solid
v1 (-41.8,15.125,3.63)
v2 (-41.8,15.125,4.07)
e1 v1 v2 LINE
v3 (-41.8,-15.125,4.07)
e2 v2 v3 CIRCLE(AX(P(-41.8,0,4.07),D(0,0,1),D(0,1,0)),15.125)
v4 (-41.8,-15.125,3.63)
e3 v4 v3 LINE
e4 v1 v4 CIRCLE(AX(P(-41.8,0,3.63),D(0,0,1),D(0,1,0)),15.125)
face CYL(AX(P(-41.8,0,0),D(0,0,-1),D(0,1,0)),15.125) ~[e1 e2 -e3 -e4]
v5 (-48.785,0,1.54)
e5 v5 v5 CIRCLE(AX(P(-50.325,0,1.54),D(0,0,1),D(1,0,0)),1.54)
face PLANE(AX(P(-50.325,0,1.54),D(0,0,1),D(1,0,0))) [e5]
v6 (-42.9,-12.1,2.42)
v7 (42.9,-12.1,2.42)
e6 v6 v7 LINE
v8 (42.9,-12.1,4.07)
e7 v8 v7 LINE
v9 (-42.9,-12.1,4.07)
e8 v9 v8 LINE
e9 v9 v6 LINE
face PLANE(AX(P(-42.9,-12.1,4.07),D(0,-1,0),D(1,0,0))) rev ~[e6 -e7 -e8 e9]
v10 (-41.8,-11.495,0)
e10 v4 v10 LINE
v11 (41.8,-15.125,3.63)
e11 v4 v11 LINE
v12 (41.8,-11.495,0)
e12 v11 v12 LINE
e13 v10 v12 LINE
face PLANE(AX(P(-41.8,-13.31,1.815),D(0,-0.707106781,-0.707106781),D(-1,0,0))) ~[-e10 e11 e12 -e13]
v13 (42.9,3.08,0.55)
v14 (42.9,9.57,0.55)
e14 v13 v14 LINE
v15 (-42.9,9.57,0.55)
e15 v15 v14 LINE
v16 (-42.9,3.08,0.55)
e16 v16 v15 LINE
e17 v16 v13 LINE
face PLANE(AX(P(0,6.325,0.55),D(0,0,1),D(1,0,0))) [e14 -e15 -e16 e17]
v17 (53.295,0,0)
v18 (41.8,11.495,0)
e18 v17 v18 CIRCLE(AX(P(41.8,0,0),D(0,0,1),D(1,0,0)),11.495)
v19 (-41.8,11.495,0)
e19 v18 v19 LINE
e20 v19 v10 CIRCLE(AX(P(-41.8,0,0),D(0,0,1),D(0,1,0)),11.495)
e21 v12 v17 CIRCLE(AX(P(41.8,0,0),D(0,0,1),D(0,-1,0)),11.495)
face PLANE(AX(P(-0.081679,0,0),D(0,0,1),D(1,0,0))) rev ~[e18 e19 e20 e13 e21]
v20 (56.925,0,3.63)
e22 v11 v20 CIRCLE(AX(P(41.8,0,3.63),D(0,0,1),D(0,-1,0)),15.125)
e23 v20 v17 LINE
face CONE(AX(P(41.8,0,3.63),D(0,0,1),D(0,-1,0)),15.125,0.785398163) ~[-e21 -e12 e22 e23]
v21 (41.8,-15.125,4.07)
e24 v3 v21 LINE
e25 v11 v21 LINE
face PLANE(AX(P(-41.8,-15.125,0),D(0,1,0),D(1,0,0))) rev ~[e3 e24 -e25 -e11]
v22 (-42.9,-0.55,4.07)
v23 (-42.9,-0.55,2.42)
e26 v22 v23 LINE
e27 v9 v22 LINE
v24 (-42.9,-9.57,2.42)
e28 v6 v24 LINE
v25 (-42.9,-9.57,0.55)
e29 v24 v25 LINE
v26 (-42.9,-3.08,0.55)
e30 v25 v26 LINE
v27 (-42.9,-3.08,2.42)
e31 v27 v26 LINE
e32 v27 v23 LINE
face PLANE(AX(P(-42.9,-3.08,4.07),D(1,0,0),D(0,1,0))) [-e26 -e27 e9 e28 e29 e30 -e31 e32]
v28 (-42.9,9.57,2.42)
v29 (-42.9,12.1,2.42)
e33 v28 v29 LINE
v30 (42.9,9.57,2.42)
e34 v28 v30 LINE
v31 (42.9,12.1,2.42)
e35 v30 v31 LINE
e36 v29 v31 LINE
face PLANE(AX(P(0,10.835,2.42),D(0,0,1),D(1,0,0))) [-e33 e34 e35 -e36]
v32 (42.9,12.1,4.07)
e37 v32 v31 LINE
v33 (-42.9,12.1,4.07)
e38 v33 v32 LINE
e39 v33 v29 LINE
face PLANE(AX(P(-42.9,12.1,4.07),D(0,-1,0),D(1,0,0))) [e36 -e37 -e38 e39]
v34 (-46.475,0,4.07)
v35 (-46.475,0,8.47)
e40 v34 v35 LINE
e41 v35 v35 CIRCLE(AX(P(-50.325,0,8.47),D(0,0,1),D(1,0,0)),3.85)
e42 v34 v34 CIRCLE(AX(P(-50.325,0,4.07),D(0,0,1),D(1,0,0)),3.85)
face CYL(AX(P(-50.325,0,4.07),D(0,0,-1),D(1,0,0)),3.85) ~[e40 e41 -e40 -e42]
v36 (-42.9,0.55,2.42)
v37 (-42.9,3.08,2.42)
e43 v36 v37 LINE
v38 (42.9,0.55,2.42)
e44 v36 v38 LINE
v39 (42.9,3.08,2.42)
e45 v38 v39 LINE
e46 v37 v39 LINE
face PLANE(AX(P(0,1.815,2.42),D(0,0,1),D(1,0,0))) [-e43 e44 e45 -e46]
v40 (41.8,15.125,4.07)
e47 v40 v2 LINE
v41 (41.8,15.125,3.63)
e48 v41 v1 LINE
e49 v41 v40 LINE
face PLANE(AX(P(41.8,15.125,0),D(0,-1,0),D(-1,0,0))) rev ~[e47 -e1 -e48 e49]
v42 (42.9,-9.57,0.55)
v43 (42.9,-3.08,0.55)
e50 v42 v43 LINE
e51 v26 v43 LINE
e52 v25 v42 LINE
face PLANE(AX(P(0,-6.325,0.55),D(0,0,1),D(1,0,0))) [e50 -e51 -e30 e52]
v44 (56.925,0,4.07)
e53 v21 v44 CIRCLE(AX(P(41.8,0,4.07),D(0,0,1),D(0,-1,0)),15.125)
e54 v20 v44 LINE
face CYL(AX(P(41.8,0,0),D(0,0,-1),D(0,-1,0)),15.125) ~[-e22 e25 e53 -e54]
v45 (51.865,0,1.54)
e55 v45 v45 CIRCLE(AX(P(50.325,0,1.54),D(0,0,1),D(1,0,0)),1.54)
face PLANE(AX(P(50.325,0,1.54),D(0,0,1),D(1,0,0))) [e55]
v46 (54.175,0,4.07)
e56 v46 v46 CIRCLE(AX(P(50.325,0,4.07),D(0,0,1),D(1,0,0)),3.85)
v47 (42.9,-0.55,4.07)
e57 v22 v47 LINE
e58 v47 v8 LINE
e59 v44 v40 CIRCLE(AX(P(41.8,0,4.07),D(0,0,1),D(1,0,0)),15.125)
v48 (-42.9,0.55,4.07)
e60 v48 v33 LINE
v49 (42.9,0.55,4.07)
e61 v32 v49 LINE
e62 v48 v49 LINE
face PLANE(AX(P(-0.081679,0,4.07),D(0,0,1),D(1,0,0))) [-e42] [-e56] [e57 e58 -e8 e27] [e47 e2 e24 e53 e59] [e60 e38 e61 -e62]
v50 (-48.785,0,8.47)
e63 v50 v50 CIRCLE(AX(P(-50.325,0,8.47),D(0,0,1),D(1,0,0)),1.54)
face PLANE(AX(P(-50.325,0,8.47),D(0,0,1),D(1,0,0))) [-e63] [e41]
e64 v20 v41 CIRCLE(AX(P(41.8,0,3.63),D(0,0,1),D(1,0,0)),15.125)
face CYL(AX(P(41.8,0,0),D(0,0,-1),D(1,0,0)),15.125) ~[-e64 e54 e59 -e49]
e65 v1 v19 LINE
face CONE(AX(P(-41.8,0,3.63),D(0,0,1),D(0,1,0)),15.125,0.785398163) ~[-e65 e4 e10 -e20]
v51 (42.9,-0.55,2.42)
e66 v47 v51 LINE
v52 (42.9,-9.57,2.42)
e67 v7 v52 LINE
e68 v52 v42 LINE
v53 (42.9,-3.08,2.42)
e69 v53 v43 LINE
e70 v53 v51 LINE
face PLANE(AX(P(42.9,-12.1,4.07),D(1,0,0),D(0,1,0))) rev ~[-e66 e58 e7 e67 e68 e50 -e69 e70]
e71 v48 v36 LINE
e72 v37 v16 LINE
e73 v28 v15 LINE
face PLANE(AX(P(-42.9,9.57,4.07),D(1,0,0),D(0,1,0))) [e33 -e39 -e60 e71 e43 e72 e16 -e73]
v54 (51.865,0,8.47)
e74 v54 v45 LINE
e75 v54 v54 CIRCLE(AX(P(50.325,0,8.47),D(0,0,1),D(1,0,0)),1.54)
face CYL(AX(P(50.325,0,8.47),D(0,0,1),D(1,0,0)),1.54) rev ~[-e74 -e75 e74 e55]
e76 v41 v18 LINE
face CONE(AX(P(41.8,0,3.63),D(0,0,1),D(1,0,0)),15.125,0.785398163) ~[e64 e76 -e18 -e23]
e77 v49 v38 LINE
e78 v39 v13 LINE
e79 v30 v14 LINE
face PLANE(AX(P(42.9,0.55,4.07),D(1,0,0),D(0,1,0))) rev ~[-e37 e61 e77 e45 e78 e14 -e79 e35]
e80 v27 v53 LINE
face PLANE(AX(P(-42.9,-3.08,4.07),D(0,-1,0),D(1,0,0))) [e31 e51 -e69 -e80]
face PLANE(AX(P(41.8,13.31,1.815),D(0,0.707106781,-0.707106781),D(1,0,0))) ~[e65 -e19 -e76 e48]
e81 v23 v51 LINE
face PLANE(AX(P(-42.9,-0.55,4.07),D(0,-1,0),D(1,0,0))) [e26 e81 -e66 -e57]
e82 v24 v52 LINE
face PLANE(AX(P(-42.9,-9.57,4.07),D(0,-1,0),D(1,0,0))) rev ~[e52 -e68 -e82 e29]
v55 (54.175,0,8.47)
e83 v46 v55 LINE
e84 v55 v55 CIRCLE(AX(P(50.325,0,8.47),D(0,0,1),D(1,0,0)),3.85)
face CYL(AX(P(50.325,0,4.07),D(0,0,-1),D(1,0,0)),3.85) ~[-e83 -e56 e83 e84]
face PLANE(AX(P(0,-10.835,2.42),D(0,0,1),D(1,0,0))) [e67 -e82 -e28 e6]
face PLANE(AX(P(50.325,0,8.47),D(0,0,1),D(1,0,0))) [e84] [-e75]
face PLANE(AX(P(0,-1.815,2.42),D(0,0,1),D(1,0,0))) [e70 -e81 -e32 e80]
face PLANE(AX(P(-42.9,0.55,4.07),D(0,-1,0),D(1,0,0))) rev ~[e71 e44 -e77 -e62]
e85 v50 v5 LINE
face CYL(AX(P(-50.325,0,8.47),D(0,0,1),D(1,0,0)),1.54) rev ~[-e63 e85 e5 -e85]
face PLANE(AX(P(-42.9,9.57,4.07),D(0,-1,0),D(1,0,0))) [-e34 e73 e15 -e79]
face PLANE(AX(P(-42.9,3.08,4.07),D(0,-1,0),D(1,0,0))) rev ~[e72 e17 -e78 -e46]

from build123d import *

# Parameters (mm, degrees)
F1_DEPTH  = 3.7
F2_W      = 78
F2_H      = 2.3
F3_DEPTH  = 1.5
F2_H_2    = 5.9
F4_DEPTH  = 3.2
F2_R      = 3.5
F5_DEPTH  = 4
F6_R      = 1.4
F7_DEPTH  = 6.3
F8_R      = 1.4
F9_DEPTH  = 6.3
F10_SIZE  = 3.3
F11_SCALE = 1.1


with BuildPart() as f1:
    # F0 (on Top) → F1 (new body)
    with BuildSketch(Plane.XY):
        with BuildLine():
            ThreePointArc((38, -13.75), (24.25, 0), (38, 13.75))
            Line((38, 13.75), (-38, 13.75))
            ThreePointArc((-38, 13.75), (-28.2772817587, 9.7227182413), (-24.25, 0))
            ThreePointArc((-24.25, 0), (-28.2772817587, -9.7227182413), (-38, -13.75))
            Line((-38, -13.75), (38, -13.75))
        make_face()
        with BuildLine():
            ThreePointArc((-24.25, 0), (-28.2772817587, 9.7227182413), (-38, 13.75))
            Line((-38, 13.75), (-38, -13.75))
            ThreePointArc((-38, -13.75), (-28.2772817587, -9.7227182413), (-24.25, 0))
        make_face()
        with BuildLine():
            Line((-38, -13.75), (-38, 13.75))
            ThreePointArc((-38, 13.75), (-51.75, 0), (-38, -13.75))
        make_face()
        with BuildLine():
            Line((38, -13.75), (38, 13.75))
            ThreePointArc((38, 13.75), (24.25, 0), (38, -13.75))
        make_face()
        with BuildLine():
            ThreePointArc((51.75, 0), (47.7227182413, 9.7227182413), (38, 13.75))
            Line((38, 13.75), (38, -13.75))
            ThreePointArc((38, -13.75), (47.7227182413, -9.7227182413), (51.75, 0))
        make_face()
    extrude(amount=F1_DEPTH)

    # F2 (on face) → F3 (cut)
    with BuildSketch(Plane.XY.offset(3.7)):
        with Locations((0, 9.85)):
            Rectangle(F2_W, F2_H)
        with Locations((0, 1.65)):
            Rectangle(F2_W, F2_H)
        with Locations((0, -1.65)):
            Rectangle(F2_W, F2_H)
        with Locations((0, -9.85)):
            Rectangle(F2_W, F2_H)
    extrude(amount=-F3_DEPTH, mode=Mode.SUBTRACT)

    # F2 (on face) → F4 (cut)
    with BuildSketch(Plane.XY.offset(3.7)):
        with Locations((0, 5.75)):
            Rectangle(F2_W, F2_H_2)
        with Locations((0, -5.75)):
            Rectangle(F2_W, F2_H_2)
    extrude(amount=-F4_DEPTH, mode=Mode.SUBTRACT)

    # F2 (on face) → F5 (join)
    with BuildSketch(Plane.XY.offset(3.7)):
        with Locations((45.75, 0)):
            Circle(F2_R)
        with Locations((-45.75, 0)):
            Circle(F2_R)
    extrude(amount=F5_DEPTH)

    # F6 (on face) → F7 (cut)
    with BuildSketch(Plane.XY.offset(7.7)):
        with Locations((45.75, 0)):
            Circle(F6_R)
    extrude(amount=-F7_DEPTH, mode=Mode.SUBTRACT)

    # F8 (on face) → F9 (cut)
    with BuildSketch(Plane.XY.offset(7.7)):
        with Locations((-45.75, 0)):
            Circle(F8_R)
    extrude(amount=-F9_DEPTH, mode=Mode.SUBTRACT)

    # F10
    f10_edges = [f1.edges().sort_by_distance(p)[0] for p in [
        (0, 13.75, 0),
    ]]
    chamfer(f10_edges, length=F10_SIZE)


with BuildPart() as f1_1:
    # F11: moved
    add(f1.part.scale(F11_SCALE))


solid = f1_1.part
